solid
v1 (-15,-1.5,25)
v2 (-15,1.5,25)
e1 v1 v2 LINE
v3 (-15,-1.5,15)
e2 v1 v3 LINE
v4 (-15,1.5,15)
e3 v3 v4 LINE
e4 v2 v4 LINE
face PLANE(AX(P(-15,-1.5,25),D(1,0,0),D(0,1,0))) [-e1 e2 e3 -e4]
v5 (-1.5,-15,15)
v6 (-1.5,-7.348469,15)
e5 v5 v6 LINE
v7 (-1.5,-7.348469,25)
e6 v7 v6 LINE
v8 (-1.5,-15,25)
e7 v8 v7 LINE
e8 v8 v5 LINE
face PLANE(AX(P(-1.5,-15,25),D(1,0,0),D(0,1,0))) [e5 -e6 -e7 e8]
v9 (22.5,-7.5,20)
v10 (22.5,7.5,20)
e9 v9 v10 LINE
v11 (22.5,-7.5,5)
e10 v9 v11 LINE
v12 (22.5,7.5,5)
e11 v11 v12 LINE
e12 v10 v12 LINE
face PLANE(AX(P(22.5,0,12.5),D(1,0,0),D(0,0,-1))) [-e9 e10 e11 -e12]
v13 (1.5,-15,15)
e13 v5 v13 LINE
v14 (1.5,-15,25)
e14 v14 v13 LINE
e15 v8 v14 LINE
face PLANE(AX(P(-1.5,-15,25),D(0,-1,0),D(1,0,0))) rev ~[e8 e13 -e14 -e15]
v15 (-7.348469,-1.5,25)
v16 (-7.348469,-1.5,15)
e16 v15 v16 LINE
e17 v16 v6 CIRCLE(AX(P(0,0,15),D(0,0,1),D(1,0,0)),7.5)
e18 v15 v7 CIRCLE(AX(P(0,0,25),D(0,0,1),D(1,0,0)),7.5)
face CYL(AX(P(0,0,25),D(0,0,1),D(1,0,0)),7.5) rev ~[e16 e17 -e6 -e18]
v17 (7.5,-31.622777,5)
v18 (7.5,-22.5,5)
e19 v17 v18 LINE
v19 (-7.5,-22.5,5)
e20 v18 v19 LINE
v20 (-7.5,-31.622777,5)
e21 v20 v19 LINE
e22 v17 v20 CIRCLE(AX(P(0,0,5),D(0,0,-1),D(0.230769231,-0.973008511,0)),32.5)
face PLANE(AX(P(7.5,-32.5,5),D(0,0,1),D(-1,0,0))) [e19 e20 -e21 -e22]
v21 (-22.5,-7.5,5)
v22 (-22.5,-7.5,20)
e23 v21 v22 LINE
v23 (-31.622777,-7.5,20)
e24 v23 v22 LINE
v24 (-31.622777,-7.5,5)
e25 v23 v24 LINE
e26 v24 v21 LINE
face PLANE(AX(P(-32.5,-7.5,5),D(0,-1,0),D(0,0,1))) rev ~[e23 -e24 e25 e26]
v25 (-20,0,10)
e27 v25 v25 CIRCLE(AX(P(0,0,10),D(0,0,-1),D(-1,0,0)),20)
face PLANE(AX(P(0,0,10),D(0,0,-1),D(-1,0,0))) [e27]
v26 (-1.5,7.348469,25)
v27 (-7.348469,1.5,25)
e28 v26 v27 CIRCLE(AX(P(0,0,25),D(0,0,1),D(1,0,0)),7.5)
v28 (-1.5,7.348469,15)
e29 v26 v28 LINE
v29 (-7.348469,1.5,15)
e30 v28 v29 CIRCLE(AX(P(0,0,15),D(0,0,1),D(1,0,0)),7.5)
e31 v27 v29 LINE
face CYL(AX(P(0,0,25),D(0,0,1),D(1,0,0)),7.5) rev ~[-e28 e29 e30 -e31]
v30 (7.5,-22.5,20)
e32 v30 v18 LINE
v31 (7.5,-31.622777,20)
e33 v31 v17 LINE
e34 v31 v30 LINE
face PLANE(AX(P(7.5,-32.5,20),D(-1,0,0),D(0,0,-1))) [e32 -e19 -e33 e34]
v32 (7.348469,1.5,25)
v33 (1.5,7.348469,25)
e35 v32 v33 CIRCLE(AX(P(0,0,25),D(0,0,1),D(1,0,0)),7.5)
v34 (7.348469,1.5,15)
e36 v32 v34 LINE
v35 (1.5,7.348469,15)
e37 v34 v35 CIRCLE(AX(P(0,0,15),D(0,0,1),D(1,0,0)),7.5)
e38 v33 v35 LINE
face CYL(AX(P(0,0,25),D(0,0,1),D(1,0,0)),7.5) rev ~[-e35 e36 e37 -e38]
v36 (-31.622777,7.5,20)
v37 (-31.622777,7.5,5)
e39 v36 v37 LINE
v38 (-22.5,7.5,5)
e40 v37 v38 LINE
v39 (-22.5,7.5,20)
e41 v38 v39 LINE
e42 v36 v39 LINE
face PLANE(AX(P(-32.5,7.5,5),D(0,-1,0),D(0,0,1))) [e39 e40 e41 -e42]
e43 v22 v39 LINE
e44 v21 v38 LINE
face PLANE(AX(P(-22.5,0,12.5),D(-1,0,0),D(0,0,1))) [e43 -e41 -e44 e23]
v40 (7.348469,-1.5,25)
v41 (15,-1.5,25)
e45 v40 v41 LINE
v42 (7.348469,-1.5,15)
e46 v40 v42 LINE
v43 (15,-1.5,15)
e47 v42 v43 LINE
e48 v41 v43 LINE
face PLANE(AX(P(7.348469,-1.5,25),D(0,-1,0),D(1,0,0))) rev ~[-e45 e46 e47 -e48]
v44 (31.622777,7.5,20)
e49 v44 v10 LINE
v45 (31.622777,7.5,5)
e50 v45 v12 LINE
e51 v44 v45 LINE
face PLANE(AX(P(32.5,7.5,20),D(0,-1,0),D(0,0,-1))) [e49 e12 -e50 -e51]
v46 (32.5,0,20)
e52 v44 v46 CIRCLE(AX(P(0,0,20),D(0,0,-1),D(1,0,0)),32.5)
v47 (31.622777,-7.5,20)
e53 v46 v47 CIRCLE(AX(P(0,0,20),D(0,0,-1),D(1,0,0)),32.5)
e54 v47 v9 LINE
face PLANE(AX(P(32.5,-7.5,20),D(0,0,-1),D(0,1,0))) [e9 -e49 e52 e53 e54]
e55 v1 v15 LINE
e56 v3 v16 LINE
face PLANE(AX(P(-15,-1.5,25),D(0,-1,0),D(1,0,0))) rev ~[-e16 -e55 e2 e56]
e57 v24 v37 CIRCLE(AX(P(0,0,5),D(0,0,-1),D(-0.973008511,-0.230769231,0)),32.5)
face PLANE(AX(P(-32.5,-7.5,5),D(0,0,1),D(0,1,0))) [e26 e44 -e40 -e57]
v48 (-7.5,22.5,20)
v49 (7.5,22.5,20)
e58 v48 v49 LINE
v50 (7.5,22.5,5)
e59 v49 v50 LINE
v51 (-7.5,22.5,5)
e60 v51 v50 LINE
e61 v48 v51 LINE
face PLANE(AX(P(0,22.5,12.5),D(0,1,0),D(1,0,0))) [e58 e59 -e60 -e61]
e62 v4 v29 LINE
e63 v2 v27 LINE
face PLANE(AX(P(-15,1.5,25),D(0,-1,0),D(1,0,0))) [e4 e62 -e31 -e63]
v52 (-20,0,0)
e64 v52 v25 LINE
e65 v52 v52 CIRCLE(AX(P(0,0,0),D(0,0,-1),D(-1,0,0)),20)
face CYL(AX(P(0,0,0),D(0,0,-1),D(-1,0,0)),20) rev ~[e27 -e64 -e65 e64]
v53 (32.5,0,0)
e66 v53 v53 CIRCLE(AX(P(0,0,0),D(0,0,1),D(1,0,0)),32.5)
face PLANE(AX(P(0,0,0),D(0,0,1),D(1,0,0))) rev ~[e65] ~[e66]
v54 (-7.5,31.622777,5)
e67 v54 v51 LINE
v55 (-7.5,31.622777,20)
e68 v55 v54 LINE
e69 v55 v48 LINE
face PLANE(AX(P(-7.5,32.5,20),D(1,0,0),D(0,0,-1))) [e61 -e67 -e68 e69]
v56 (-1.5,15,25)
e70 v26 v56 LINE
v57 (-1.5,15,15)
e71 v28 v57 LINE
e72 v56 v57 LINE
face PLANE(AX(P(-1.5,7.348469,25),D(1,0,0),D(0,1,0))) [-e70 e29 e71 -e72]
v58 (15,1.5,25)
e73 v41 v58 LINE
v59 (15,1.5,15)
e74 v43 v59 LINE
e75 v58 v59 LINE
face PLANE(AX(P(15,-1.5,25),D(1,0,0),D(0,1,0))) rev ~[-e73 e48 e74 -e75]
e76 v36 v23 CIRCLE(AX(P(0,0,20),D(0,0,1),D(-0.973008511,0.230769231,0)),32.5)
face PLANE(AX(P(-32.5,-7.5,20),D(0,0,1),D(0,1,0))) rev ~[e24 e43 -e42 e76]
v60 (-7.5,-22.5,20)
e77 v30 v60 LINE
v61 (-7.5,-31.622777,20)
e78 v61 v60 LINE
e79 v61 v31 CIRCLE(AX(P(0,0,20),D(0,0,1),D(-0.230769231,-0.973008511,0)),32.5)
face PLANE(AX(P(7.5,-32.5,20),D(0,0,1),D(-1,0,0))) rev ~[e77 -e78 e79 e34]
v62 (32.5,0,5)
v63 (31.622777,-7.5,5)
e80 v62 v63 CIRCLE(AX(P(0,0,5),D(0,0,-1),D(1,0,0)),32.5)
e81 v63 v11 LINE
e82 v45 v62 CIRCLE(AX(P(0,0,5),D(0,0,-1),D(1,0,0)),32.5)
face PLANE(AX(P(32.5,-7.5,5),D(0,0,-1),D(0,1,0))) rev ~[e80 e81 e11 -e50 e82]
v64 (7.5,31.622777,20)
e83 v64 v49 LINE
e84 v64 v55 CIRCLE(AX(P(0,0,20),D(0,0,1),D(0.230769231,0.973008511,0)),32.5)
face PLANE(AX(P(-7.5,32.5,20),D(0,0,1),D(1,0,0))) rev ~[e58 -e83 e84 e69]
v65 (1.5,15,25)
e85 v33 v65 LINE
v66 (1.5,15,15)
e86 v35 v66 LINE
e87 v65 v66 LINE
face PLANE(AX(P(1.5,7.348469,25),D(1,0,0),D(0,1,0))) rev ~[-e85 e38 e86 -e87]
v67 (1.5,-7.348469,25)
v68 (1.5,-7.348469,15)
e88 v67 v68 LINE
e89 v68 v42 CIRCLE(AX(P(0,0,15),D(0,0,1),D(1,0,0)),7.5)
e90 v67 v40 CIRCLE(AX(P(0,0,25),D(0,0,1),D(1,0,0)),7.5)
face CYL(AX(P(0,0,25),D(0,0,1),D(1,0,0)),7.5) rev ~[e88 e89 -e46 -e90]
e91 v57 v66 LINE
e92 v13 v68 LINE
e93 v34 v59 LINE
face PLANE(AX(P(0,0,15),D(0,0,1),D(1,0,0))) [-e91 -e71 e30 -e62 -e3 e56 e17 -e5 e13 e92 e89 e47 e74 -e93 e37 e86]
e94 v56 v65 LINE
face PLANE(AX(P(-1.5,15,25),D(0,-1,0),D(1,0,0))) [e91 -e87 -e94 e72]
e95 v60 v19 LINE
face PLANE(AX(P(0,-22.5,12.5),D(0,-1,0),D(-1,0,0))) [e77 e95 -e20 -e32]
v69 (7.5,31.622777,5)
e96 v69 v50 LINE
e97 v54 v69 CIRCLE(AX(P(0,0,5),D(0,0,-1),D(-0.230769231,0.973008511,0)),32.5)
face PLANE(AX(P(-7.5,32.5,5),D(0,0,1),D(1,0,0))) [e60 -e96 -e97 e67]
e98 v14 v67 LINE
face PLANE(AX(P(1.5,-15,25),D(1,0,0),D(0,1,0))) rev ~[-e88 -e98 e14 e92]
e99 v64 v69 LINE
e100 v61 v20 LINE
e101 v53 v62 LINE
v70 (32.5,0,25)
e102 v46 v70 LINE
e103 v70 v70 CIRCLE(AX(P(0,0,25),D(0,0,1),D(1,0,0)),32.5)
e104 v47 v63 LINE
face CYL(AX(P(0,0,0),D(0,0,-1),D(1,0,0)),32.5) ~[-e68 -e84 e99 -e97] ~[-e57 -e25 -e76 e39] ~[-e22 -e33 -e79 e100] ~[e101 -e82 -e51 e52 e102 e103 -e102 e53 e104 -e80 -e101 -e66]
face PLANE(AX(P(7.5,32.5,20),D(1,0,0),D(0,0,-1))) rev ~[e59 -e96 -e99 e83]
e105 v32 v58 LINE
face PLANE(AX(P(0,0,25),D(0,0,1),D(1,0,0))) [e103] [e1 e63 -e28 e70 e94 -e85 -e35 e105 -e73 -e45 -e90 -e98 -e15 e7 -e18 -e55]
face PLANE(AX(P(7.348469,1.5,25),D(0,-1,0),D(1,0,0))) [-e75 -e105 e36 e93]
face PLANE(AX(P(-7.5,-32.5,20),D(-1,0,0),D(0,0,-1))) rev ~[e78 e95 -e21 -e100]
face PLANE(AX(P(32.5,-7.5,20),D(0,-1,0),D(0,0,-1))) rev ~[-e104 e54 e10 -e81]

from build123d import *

# Parameters (mm, degrees)
SKETCH1_R           = 32.5
BOSS_EXTRUDE1_DEPTH = 25
SKETCH2_R           = 20
CUT_EXTRUDE1_DEPTH  = 10
SKETCH3_R           = 7.5
SKETCH3_W           = 30
SKETCH3_H           = 3
SKETCH3_W_2         = 3
SKETCH3_H_2         = 30
CUT_EXTRUDE2_DEPTH  = 10
SKETCH4_W           = 15
SKETCH4_H           = 15
CUT_EXTRUDE3_DEPTH  = 10
SKETCH6_W           = 15
SKETCH6_H           = 15
CUT_EXTRUDE4_DEPTH  = 10
SKETCH7_W           = 15
SKETCH7_H           = 15
CUT_EXTRUDE5_DEPTH  = 10
SKETCH8_W           = 15
SKETCH8_H           = 15
CUT_EXTRUDE6_DEPTH  = 10


with BuildPart() as part:
    # Sketch1 → Boss-Extrude1 (new body)
    with BuildSketch(Plane.XY):
        Circle(SKETCH1_R)
    extrude(amount=BOSS_EXTRUDE1_DEPTH)

    # Sketch2 → Cut-Extrude1 (cut)
    with BuildSketch(Plane(origin=(0, 0, 0), x_dir=(-1, 0, 0), z_dir=(0, 0, -1))):
        Circle(SKETCH2_R)
    extrude(amount=-CUT_EXTRUDE1_DEPTH, mode=Mode.SUBTRACT)

    # Sketch3 → Cut-Extrude2 (cut)
    with BuildSketch(Plane.XY.offset(25)):
        Circle(SKETCH3_R)
        Rectangle(SKETCH3_W, SKETCH3_H)
        Rectangle(SKETCH3_W_2, SKETCH3_H_2)
    extrude(amount=-CUT_EXTRUDE2_DEPTH, mode=Mode.SUBTRACT)

    # Sketch4 → Cut-Extrude3 (cut)
    with BuildSketch(Plane(origin=(32.5, 0, 0), x_dir=(0, 0, -1), z_dir=(1, 0, 0))):
        with Locations((-12.5, 0)):
            Rectangle(SKETCH4_W, SKETCH4_H)
    extrude(amount=-CUT_EXTRUDE3_DEPTH, mode=Mode.SUBTRACT)

    # Sketch6 → Cut-Extrude4 (cut)
    with BuildSketch(Plane.ZY.offset(32.5)):
        with Locations((12.5, 0)):
            Rectangle(SKETCH6_W, SKETCH6_H)
    extrude(amount=-CUT_EXTRUDE4_DEPTH, mode=Mode.SUBTRACT)

    # Sketch7 → Cut-Extrude5 (cut)
    with BuildSketch(Plane(origin=(0, 32.5, 0), x_dir=(1, 0, 0), z_dir=(0, 1, 0))):
        with Locations((0, -12.5)):
            Rectangle(SKETCH7_W, SKETCH7_H)
    extrude(amount=-CUT_EXTRUDE5_DEPTH, mode=Mode.SUBTRACT)

    # Sketch8 → Cut-Extrude6 (cut)
    with BuildSketch(Plane(origin=(0, -32.5, 0), x_dir=(-1, 0, 0), z_dir=(0, -1, 0))):
        with Locations((0, -12.5)):
            Rectangle(SKETCH8_W, SKETCH8_H)
    extrude(amount=-CUT_EXTRUDE6_DEPTH, mode=Mode.SUBTRACT)


solid = part.part
